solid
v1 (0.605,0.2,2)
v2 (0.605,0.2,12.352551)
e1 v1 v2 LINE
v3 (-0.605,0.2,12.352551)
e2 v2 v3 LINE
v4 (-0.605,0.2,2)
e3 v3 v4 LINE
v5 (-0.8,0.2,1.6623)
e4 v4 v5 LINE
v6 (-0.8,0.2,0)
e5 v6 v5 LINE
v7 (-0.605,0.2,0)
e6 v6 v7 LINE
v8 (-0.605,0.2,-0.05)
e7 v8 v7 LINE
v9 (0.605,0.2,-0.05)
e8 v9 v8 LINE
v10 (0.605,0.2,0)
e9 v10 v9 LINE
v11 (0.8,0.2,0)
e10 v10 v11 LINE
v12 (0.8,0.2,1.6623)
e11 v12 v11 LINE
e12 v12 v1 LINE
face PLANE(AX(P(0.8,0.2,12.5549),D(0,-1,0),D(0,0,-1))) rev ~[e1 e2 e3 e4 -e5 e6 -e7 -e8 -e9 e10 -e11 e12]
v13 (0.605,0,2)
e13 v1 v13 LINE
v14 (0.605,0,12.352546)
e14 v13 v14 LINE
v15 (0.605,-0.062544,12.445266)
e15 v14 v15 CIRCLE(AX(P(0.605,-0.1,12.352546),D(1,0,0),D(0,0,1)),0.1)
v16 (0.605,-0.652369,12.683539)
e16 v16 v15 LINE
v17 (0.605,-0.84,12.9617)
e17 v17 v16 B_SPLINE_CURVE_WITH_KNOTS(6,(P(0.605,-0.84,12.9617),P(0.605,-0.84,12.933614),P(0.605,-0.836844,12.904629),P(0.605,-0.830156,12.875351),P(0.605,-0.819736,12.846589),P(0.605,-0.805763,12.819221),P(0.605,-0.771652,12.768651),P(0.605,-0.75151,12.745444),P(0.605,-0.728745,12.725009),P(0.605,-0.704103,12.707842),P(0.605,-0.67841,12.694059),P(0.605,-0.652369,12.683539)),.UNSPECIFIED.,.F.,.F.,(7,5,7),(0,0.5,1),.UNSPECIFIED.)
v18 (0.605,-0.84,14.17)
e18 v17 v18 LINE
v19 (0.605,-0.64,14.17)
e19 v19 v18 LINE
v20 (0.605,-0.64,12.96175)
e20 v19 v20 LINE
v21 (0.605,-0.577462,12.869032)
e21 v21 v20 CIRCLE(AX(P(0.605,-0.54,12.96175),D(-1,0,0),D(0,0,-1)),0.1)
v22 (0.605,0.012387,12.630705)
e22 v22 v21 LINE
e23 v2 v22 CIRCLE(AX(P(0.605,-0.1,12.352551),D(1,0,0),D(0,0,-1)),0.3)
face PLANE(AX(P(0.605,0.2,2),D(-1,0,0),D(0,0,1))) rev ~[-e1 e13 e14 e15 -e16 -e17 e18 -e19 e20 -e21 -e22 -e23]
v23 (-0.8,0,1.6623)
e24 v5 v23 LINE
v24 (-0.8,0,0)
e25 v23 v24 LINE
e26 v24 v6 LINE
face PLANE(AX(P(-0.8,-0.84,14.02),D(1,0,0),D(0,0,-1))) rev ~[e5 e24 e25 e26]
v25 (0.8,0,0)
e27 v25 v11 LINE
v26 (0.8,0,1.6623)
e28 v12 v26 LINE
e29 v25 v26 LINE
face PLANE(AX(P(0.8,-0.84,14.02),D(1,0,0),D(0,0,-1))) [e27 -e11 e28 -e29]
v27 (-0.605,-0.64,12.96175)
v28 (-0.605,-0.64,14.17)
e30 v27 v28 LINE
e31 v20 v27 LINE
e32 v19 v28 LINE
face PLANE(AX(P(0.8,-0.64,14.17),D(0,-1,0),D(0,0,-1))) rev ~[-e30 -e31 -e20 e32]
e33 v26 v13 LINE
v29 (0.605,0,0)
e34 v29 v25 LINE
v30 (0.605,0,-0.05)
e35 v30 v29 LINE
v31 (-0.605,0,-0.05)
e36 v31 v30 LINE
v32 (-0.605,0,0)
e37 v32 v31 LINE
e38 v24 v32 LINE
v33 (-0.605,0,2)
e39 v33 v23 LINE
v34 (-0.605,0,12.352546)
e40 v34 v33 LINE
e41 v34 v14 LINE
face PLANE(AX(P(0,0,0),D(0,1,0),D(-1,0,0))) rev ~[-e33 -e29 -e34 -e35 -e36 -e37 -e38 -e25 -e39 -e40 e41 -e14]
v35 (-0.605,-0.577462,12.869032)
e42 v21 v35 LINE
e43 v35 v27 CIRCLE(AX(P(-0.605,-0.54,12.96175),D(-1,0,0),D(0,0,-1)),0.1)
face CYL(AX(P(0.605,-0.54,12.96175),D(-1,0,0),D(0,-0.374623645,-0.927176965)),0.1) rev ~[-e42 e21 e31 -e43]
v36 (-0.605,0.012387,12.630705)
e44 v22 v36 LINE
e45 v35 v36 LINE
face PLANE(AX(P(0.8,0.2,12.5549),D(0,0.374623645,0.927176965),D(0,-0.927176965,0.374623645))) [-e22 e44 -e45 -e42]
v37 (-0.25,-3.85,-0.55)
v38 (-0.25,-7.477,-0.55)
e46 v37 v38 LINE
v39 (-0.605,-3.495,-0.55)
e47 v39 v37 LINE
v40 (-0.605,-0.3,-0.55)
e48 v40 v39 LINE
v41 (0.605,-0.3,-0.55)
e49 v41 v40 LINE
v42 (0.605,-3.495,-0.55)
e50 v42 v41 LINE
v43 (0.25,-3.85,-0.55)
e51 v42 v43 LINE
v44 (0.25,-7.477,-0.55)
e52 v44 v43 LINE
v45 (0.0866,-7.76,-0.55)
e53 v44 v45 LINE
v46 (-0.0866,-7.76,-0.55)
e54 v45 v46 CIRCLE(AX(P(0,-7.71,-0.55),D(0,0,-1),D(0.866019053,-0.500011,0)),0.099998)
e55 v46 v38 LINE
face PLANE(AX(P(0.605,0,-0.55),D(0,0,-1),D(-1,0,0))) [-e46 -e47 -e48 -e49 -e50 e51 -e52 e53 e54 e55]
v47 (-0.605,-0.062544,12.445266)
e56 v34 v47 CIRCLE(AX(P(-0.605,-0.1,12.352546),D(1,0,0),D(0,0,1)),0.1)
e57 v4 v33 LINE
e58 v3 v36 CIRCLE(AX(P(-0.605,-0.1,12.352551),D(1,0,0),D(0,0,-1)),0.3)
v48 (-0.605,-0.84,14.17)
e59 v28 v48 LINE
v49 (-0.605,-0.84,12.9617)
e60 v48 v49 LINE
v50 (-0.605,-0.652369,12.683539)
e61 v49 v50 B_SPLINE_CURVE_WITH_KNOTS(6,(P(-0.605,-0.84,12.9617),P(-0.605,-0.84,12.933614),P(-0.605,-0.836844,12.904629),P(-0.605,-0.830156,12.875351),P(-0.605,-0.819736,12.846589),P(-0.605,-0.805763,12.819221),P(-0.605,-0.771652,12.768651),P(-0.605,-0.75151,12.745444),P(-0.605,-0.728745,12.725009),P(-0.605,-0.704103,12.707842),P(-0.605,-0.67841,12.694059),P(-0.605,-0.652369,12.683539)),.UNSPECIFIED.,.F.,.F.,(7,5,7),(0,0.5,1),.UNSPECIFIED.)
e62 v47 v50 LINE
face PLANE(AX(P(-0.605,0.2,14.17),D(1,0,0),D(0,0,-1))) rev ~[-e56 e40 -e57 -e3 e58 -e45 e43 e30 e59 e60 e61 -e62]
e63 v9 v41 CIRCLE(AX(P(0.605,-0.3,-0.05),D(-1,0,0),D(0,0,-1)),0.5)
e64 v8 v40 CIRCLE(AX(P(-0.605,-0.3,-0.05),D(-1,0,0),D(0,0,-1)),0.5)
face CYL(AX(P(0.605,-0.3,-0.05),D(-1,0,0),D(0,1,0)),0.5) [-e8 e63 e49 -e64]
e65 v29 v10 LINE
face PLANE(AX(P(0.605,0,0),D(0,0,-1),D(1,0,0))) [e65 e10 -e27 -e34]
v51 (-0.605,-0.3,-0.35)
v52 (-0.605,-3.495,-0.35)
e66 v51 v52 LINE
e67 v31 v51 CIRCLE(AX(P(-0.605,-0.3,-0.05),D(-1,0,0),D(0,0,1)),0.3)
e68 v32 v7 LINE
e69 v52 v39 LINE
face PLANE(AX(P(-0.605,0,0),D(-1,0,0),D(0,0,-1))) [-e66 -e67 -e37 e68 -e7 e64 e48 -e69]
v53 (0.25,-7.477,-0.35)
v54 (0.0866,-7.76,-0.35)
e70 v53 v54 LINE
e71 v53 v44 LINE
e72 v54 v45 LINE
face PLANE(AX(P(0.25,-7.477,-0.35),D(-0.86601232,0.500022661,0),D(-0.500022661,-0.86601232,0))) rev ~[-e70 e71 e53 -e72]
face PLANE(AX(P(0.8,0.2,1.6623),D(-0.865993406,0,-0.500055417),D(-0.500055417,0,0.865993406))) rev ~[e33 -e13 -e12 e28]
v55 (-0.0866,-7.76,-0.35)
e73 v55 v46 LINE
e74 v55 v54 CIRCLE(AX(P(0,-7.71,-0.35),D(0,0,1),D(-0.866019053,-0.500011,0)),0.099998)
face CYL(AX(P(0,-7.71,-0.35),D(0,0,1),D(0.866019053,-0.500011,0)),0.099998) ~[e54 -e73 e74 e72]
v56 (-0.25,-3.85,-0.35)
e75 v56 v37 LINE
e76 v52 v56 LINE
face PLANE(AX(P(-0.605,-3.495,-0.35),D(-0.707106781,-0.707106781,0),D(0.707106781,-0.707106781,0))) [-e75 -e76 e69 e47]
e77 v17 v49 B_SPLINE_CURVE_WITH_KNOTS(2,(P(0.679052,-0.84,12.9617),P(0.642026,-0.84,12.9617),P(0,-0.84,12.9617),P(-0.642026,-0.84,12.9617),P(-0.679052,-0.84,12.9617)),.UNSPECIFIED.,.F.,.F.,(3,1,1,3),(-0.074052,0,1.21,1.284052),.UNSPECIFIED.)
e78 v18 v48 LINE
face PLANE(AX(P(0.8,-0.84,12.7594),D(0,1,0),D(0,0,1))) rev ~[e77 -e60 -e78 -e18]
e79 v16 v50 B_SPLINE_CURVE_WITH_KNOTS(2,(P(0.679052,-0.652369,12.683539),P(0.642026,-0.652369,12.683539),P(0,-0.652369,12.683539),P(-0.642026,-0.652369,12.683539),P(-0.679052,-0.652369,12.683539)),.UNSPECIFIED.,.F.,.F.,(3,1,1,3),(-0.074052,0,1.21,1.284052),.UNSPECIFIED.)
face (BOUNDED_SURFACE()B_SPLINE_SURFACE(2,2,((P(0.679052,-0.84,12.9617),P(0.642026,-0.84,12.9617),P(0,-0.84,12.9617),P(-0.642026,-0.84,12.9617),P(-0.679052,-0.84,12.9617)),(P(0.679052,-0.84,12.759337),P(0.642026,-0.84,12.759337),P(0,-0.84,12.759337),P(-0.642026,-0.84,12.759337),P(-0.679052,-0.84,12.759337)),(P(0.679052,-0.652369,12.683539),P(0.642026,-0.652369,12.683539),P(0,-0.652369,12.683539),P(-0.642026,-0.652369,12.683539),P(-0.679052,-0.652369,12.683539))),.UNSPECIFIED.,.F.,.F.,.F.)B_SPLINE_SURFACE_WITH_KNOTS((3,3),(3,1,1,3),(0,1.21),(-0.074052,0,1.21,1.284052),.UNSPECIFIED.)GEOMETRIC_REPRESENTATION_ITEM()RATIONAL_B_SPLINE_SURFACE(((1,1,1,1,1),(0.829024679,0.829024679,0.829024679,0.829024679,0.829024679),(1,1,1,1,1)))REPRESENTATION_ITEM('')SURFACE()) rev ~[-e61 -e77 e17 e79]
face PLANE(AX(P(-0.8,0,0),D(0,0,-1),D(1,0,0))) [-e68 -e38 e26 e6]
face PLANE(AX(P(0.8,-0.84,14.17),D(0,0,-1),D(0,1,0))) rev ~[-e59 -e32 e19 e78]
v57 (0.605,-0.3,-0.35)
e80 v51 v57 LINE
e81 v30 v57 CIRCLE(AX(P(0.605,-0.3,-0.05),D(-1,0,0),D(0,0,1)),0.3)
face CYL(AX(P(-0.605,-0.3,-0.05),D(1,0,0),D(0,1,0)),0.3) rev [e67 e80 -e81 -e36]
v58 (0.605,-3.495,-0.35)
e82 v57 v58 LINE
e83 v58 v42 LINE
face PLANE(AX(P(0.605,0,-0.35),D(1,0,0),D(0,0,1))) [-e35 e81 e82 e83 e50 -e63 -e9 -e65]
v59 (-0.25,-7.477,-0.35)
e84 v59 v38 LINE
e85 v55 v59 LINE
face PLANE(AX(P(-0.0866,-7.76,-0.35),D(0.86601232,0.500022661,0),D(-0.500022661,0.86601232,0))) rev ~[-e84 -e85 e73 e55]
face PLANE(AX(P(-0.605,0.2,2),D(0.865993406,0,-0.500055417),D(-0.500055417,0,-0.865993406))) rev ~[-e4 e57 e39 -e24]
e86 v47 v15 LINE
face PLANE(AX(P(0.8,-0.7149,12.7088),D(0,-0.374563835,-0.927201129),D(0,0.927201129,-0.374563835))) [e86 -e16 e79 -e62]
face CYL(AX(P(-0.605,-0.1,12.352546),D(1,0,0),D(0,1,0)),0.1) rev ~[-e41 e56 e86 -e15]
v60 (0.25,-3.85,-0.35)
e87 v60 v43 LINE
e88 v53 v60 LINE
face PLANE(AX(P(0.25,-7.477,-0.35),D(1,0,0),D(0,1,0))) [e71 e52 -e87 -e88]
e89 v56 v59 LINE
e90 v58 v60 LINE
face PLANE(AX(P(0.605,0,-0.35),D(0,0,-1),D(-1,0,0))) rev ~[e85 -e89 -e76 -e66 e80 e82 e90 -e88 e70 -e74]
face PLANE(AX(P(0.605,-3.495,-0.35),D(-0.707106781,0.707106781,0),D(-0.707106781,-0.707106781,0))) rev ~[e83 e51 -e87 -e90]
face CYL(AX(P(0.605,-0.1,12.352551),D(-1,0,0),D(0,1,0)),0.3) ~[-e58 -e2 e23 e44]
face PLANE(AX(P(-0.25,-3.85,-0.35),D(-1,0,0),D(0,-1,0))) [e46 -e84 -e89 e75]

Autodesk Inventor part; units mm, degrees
ref_plane "YZ Plane" through (0, 0, 0) normal (1, 0, 0) x (0, 1, 0)
ref_plane "XZ Plane" through (0, 0, 0) normal (0, 1, 0) x (-1, 0, 0)
ref_plane "XY Plane" through (0, 0, 0) normal (0, 0, 1) x (1, 0, 0)
sketch "Sketch1" plane through (0, 0, 0) normal (0, 1, 0) x (-1, 0, 0)
  line L0 (-0.8, 12.42) -> (0.8, 12.42)
  line L1 (0.8, 12.42) -> (0.8, 0)
  line L2 (0.8, 0) -> (-0.8, 0)
  line L3 (-0.8, 0) -> (-0.8, 12.42)
  line L4 (-0.8, 12.42) -> (0.8, 0) construction
  line L5 (0.8, 12.42) -> (-0.8, 0) construction
  line L6 (1.12, 0) -> (-1.12, 0) projected
  line L7 (0, -2.904) -> (0, 14.974) projected
  line L8 (-0.605, 0) -> (0.605, 0)
  line L9 (0.605, 0) -> (0.605, -0.35)
  line L10 (0.605, -0.35) -> (-0.605, -0.35)
  line L11 (-0.605, -0.35) -> (-0.605, 0)
  point P0 (0, 6.21)
  point P1 (-1.12, 0)
  point P2 (0, 6.21)
  dimension "d0" = 1.6
  dimension "d3" = 12.42
  dimension "d12" = 1.21
  dimension "d13" = 0.35
extrude "Extrusion1" add sketch "Sketch1" along normal blind 0.2
sketch "Sketch2" plane through (0.8, 0, 12.42) normal (1, 0, 0) x (0, 0, -1)
  line L0 (0, 0.2) -> (12.42, 0.2) projected
  line L1 (-0.1349, 0.2) -> (-0.4743, -0.64)
  line L2 (-0.4743, -0.64) -> (-0.2888, -0.7149)
  line L3 (-0.2888, -0.7149) -> (0, 0)
  line L4 (0, 0) -> (12.42, 0) projected
  line L5 (-0.1349, 0.2) -> (0, 0.2)
  line L6 (0, 0) -> (0, 0.2) projected
  line L7 (0, 0.2) -> (0, 0)
  dimension "d46" = 0.2
  dimension "d47" = 112
  dimension "d48" = 112
  dimension "d49" = 0.64
extrude "Extrusion2" add sketch "Sketch2" against normal up to surface (1.6 mm away)
sketch "Sketch3" plane through (0.8, -0.84, 14.02) normal (1, 0, 0) x (0, 0, -1)
  line L0 (14.02, 0.84) -> (1.6, 0.84) projected
  line L1 (-0.15, 0.2) -> (1.3414, 0.2)
  line L2 (1.3414, 0.2) -> (1.2606, 0)
  line L3 (1.2606, 0) -> (-0.15, 0)
  line L4 (-0.15, 0) -> (-0.15, 0.2)
  line L5 (1.3112, 0.1251) -> (1.6, 0.84) projected
  point P0 (1.1257, 0.2)
  dimension "d52" = 0.2
  dimension "d53" = 1.75
extrude "Extrusion3" add sketch "Sketch3" against normal up to surface (1.6 mm away)
sketch "Sketch4" plane through (0.605, 0, -0.35) normal (0, 0, -1) x (-1, 0, 0)
  line L0 (0, 0) -> (0, 0.2) projected
  line L1 (0, 0.2) -> (1.21, 0.2)
  line L2 (1.21, 0.2) -> (1.21, -3.495)
  line L3 (1.21, -3.495) -> (0, -3.495)
  line L4 (0, -3.495) -> (0, 0.2)
  line L5 (0.355, -3.495) -> (0.855, -3.495)
  line L6 (0.855, -3.495) -> (0.855, -7.81)
  line L7 (0.855, -7.81) -> (0.355, -7.81)
  line L8 (0.355, -7.81) -> (0.355, -3.495)
  line L9 (0, -3.495) -> (0.355, -3.85)
  line L10 (0, -3.495) -> (0.502, -3.495) construction
  line L11 (1.21, -3.495) -> (0.855, -3.85)
  line L12 (1.21, -3.495) -> (1.712, -3.495) construction
  line L13 (0.355, -7.477) -> (0.5184, -7.76)
  line L14 (0.6916, -7.76) -> (0.855, -7.477)
  arc A0 (0.5184, -7.76) -> (0.6916, -7.76) centre (0.605, -7.71) ccw
  line L15 (0.355, -7.477) -> (0.855, -7.477) construction
  point P0 (0.605, 0)
  dimension "d14" = 1.21
  dimension "d16" = 0.5
  dimension "d17" = 4.315
  dimension "d18" = 0.355
  dimension "d19" = 0.355
  dimension "d20" = 45
  dimension "d21" = 135
  dimension "d26" = 0.1
  dimension "d28" = 150
  dimension "d29" = 150
  dimension "d30" = 4.05
extrude "Extrusion4" add sketch "Sketch4" along normal blind 0.2 contours L0 L1 L2 L3 L4 | L3 L8 L9 | L3 L6 L14 A0 L13 L8 | L11 L6 L3
sketch "Sketch5" plane through (0, 0.2, 0) normal (0, 1, 0) x (1, 0, 0)
  line L0 (0.8, 0) -> (0.8, -12.42) projected
  line L1 (0.8, -1.6623) -> (0.605, -2)
  line L2 (-0.605, -2) -> (-0.8, -1.6623)
  line L3 (-0.8, 0) -> (-0.8, -12.5549) projected
  line L4 (0.8, -1.6623) -> (-0.8, -1.6623) construction
  line L5 (0.8, 0) -> (0.605, 0) construction
  line L6 (-0.605, 0) -> (-0.8, 0) construction
  line L7 (0.8, -1.6623) -> (0.8, -14.17)
  line L8 (-0.8, -14.17) -> (-0.8, -1.6623)
  line L9 (0.605, -2) -> (0.605, -14.17)
  line L10 (-0.605, -14.17) -> (-0.605, -2)
  line L11 (0.8, -14.17) -> (0.605, -14.17)
  line L12 (0, 3.504) -> (0, -17.174) projected
  line L13 (0.8, -14.17) -> (-0.8, -14.17) projected
  line L14 (-0.605, -14.17) -> (-0.8, -14.17)
  line L15 (-0.8, -12.8943) -> (-0.8, -14.17) projected
  point P0 (0, 0)
  point P1 (0.8, -12.62)
  point P2 (-0.8, -12.82)
  point P3 (-0.8, -12.62)
  dimension "d35" = 1.21
  dimension "d38" = 30
  dimension "d39" = 30
  dimension "d40" = 2
extrude "Extrusion5" cut sketch "Sketch5" against normal up to surface (1.04 mm away)
fillet "Fillet1" radius 0.3 1 edges at (0, 0, -0.35)
fillet "Fillet1" radius 0.5 1 edges at (0, 0.2, -0.55)
fillet "Fillet2" radius 0.3 2 edges at (0, 0.2, 12.5549) (0, -0.84, 12.7594)
fillet "Fillet2" radius 0.1 2 edges at (0, 0, 12.42) (0, -0.64, 12.8943)
equation "\"d48\" = d47"
equation "\"d18\" = d19"
equation "\"d39\" = d38"
equation "\"BendReliefWidth\" = Thickness"
equation "\"BendReliefDepth\" = 0.5 * Thickness"
equation "\"CornerReliefSize\" = 4 * Thickness"
equation "\"MinimumRemnant\" = 2 * Thickness"
equation "\"TransitionRadius\" = BendRadius"
equation "\"JacobiRadiusSize\" = BendRadius"
equation "\"GapSize\" = Thickness"
equation "\"Thickness\" = 0.2"
equation "\"BendRadius\" = 0.01"
properties part number "USB 3.0 A Recepticle Upper Pin" material "Nickel-Copper Alloy 400"
